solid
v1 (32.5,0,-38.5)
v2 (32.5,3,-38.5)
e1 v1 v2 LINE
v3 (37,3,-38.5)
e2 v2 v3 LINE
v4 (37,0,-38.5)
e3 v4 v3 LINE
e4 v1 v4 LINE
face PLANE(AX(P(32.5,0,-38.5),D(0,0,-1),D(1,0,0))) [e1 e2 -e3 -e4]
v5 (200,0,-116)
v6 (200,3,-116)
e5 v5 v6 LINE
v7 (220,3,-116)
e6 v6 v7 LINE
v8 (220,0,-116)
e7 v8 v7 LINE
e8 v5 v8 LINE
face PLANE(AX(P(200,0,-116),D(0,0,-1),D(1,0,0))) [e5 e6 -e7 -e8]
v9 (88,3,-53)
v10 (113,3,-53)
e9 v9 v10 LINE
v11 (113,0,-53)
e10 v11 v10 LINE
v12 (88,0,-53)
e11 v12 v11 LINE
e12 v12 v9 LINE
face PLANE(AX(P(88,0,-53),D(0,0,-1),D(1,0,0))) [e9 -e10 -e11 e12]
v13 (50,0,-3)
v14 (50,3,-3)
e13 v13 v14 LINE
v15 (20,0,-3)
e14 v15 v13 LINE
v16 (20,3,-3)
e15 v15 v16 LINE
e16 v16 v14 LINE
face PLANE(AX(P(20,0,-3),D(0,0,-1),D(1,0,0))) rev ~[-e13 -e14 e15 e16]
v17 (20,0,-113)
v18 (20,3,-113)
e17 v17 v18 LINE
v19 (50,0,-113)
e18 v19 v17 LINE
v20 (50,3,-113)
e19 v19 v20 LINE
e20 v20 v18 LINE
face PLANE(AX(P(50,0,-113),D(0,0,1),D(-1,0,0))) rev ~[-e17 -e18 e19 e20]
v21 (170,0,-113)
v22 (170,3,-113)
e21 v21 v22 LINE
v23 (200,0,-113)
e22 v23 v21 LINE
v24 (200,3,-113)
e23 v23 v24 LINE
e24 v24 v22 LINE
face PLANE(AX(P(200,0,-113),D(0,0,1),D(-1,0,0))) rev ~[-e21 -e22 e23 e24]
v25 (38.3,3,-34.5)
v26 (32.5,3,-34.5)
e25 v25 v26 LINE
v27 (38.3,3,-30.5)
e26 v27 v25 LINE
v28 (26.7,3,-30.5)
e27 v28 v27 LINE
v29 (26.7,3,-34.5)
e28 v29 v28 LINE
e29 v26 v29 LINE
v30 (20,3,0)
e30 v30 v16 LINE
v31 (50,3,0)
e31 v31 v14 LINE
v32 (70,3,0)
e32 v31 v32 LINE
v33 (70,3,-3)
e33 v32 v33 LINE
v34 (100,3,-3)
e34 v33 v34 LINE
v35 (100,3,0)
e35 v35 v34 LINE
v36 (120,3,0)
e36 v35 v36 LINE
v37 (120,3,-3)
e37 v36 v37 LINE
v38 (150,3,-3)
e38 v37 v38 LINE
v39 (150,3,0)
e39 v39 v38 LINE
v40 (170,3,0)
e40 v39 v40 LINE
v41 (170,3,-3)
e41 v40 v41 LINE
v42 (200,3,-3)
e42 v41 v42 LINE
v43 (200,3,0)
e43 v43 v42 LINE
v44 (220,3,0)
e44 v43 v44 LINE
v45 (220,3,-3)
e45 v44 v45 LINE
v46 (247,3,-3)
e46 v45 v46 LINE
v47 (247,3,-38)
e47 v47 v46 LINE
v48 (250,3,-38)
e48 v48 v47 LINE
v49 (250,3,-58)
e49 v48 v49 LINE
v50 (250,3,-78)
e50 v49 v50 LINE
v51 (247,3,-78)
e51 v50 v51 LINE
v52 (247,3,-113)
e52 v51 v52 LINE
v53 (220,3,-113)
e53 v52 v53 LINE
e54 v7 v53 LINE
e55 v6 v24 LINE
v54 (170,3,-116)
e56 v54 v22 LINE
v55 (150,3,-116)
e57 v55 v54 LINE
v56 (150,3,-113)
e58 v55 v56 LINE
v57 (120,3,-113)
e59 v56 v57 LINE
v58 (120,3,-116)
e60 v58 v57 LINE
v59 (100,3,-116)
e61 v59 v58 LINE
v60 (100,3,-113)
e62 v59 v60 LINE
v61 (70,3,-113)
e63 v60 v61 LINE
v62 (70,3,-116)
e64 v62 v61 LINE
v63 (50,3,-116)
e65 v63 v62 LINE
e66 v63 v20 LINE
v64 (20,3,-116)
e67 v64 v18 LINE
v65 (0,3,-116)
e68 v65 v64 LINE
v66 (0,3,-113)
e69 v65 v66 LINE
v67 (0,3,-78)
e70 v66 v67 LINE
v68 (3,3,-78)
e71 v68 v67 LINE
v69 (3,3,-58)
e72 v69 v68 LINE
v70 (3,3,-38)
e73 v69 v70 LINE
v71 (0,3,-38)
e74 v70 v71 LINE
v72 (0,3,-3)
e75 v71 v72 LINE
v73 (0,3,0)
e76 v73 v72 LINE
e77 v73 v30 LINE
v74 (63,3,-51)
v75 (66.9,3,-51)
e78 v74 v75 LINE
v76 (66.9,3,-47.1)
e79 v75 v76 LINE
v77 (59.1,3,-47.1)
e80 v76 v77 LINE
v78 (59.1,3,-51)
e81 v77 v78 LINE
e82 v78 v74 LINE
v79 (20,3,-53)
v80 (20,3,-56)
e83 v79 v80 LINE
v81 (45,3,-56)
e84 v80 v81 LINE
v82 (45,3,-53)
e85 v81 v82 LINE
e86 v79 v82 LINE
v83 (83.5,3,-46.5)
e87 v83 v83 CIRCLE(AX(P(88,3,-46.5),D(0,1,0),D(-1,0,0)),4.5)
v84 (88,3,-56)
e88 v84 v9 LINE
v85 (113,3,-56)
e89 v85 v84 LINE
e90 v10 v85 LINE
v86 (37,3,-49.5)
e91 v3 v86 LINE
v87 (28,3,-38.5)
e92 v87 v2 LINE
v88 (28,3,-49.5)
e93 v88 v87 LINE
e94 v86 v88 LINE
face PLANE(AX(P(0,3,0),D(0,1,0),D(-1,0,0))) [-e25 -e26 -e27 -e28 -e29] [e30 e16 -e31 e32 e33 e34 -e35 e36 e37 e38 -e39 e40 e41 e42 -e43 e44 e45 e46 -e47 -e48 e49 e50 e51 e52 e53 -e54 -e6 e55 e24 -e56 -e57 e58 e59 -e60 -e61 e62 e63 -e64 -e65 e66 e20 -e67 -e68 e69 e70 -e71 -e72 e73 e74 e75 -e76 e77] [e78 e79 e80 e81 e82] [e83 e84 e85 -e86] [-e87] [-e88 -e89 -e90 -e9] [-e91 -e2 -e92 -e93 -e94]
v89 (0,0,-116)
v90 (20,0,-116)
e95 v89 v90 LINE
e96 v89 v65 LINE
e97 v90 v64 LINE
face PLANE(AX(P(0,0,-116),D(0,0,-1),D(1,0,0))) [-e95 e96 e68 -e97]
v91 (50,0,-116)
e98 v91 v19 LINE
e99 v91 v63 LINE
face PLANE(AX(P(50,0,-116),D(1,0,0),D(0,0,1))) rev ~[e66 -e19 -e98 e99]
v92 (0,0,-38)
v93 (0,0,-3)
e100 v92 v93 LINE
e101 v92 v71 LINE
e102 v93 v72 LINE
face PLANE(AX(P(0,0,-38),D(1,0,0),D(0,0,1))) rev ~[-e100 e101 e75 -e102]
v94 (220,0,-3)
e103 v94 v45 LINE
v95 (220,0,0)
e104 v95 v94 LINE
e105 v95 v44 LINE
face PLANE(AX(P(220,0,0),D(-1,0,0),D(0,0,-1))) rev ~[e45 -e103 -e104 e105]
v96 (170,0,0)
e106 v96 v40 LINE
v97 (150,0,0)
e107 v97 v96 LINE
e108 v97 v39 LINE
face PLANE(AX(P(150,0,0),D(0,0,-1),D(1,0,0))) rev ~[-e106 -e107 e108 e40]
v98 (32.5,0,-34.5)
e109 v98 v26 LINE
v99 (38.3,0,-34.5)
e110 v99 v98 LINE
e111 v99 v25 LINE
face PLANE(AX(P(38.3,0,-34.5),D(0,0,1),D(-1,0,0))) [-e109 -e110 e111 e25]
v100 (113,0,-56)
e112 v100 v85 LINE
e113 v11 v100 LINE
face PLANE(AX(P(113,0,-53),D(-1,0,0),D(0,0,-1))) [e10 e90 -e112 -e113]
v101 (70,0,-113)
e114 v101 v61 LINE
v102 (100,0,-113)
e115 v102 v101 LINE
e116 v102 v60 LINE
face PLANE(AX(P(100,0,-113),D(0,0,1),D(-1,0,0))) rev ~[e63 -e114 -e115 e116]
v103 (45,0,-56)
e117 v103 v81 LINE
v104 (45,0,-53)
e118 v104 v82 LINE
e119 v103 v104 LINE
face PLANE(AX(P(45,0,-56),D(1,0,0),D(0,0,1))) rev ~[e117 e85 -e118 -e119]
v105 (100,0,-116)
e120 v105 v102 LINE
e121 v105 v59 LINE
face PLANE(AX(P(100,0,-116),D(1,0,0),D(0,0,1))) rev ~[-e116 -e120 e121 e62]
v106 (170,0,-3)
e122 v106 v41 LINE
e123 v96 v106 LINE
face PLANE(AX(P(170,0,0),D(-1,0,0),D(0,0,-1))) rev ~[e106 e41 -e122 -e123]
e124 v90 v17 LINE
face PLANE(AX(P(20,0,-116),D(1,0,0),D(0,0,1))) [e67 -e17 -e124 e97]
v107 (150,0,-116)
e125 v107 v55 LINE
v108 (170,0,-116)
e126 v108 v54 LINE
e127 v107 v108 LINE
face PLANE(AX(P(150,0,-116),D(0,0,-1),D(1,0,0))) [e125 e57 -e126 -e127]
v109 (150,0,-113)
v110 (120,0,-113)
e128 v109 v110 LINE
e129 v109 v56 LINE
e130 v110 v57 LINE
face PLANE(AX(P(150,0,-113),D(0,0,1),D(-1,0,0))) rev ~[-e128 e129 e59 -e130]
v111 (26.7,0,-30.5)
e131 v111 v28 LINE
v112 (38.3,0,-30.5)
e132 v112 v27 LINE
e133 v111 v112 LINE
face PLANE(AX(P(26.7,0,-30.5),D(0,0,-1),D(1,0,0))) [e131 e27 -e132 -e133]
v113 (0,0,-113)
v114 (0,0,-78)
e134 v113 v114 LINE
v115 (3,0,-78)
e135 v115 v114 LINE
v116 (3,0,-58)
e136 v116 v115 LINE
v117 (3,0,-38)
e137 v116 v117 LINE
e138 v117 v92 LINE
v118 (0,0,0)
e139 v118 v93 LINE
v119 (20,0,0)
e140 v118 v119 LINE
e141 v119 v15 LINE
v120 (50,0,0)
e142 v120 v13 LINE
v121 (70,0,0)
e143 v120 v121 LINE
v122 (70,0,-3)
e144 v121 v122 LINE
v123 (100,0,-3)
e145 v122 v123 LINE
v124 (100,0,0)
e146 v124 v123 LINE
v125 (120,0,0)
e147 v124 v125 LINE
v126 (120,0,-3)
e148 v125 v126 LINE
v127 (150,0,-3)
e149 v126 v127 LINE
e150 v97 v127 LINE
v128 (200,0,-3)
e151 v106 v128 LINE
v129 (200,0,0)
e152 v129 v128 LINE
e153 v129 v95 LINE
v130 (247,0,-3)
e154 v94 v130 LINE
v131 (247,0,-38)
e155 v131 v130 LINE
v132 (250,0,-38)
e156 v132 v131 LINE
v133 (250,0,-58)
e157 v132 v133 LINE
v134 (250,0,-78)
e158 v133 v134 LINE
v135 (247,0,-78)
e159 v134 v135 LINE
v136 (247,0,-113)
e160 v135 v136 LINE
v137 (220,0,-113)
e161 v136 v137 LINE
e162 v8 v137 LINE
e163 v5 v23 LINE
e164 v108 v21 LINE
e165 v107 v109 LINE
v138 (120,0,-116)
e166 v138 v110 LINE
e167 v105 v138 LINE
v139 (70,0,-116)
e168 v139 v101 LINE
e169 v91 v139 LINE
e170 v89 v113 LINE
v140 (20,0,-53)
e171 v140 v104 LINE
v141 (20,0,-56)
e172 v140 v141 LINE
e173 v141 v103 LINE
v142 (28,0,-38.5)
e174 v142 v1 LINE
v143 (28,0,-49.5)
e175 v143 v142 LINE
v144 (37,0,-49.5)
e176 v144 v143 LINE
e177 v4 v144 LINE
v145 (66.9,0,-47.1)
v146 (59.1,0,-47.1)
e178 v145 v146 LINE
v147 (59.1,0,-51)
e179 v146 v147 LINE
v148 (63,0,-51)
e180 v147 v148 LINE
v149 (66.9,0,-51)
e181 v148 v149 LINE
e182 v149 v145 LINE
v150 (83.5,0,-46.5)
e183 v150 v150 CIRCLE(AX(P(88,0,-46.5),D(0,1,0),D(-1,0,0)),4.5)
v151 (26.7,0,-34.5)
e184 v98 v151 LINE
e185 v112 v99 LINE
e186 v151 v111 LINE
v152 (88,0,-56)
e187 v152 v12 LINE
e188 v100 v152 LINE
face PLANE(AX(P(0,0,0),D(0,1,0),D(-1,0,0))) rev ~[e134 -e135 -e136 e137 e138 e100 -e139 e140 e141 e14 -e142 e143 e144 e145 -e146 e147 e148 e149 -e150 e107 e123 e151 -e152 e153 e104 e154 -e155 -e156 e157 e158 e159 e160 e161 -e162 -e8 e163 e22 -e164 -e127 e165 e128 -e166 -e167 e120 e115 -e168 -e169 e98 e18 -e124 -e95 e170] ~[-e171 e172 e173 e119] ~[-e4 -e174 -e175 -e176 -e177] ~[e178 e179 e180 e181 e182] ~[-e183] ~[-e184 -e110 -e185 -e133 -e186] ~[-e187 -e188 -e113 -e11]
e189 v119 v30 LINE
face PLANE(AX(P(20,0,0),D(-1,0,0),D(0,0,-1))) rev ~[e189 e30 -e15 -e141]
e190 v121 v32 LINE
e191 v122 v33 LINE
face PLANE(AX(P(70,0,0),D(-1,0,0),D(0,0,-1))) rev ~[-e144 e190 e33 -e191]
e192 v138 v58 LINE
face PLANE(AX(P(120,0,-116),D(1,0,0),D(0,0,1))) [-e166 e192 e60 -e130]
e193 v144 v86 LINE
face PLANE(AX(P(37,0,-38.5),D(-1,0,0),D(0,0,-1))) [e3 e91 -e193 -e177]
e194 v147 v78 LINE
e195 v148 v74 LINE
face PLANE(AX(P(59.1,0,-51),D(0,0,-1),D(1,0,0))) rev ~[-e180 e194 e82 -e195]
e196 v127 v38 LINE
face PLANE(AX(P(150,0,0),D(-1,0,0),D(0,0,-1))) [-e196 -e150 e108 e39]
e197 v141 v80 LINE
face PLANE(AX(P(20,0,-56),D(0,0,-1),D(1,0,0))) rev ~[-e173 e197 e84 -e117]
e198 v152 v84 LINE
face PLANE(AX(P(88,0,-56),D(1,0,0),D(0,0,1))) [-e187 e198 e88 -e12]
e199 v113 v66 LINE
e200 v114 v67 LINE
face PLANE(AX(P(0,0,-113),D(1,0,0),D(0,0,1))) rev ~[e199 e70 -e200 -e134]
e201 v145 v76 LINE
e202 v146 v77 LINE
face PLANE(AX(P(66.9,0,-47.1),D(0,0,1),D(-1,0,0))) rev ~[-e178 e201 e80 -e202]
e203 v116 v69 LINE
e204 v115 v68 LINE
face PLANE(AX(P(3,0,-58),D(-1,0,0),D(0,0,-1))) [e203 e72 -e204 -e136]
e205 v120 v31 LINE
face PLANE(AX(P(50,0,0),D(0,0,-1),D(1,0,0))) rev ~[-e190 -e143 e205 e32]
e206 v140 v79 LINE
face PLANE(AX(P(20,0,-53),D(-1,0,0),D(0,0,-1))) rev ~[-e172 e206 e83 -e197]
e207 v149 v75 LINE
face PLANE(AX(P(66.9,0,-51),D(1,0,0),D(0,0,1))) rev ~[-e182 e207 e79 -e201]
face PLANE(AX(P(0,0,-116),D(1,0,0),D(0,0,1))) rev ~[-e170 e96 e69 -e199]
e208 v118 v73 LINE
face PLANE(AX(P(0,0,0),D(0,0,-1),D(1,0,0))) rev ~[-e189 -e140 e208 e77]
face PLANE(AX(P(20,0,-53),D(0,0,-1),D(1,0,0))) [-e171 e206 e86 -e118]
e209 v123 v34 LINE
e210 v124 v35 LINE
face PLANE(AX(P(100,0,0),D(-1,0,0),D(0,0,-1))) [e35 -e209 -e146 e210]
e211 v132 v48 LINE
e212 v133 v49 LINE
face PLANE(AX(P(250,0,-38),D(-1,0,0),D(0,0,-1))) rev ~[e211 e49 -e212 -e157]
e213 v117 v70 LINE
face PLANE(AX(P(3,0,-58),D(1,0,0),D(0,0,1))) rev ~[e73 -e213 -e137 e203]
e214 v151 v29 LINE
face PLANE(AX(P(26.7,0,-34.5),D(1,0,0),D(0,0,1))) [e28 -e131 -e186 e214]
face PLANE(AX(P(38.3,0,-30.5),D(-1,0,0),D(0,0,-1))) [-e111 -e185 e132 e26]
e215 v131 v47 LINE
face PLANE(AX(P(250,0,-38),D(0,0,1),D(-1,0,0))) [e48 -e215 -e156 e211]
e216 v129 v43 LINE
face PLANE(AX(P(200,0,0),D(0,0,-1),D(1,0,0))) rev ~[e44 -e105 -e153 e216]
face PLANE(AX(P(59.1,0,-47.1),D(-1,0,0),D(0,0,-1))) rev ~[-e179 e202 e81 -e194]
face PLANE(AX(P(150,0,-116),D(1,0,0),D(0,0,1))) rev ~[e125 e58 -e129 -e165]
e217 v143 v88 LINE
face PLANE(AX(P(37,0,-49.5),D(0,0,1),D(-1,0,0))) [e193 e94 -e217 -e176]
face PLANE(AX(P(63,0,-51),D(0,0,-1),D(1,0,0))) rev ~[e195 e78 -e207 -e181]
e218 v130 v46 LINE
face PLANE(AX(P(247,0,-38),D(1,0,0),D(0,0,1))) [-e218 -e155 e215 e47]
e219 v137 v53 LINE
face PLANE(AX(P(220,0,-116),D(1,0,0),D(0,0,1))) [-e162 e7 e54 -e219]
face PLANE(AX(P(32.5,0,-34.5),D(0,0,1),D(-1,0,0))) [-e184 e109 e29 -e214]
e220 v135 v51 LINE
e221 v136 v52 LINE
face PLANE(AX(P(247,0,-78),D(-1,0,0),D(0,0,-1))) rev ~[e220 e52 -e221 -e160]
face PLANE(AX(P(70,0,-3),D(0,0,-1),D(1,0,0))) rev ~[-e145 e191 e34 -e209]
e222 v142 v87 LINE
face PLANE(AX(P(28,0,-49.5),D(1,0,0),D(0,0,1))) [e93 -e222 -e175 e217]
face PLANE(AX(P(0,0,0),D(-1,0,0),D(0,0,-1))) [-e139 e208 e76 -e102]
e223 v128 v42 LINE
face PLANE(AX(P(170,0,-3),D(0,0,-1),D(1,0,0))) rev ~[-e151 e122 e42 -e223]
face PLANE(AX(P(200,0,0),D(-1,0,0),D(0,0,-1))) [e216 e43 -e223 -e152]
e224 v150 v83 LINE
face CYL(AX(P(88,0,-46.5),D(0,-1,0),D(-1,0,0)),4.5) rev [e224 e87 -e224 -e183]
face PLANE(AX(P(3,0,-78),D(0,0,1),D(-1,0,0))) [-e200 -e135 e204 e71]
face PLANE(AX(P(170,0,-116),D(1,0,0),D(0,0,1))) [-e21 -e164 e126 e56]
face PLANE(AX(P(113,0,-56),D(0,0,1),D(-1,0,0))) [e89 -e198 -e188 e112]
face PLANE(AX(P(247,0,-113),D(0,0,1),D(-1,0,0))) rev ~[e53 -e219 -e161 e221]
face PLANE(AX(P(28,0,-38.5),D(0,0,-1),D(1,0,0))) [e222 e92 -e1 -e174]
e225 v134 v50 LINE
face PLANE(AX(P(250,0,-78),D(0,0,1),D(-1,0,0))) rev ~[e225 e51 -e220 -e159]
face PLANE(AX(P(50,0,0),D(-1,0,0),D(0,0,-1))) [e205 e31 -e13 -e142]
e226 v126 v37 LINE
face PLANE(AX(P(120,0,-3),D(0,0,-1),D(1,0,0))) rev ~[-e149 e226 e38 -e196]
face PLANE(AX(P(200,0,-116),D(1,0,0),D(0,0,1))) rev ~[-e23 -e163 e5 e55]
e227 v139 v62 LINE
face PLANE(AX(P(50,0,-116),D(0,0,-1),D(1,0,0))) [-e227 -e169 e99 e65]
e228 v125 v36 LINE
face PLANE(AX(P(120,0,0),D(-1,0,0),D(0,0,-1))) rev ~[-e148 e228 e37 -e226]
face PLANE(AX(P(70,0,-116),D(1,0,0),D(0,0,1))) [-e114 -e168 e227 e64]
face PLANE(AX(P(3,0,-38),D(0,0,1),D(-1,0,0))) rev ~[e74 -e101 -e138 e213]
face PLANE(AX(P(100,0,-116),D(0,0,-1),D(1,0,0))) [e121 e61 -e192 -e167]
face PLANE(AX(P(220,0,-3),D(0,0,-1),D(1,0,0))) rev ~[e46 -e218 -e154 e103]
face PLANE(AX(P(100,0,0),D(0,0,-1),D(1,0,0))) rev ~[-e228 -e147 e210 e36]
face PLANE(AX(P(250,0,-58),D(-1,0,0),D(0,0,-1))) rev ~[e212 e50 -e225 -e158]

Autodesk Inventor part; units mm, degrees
ref_plane "YZ Plane" through (0, 0, 0) normal (1, 0, 0) x (0, 1, 0)
ref_plane "XZ Plane" through (0, 0, 0) normal (0, 1, 0) x (-1, 0, 0)
ref_plane "XY Plane" through (0, 0, 0) normal (0, 0, 1) x (1, 0, 0)
sketch "Sketch1" plane through (0, 0, 0) normal (0, 1, 0) x (-1, 0, 0)
  line L0 (0, 0) -> (0, -3)
  line L1 (-250, -38) -> (-250, -78)
  line L2 (0, 0) -> (-20, 0)
  line L3 (-50, 0) -> (-50, -3)
  line L4 (-50, 0) -> (-70, 0)
  line L5 (-70, 0) -> (-70, -3)
  line L6 (-100, 0) -> (-100, -3)
  line L7 (-100, 0) -> (-120, 0)
  line L8 (-120, 0) -> (-120, -3)
  line L9 (-150, 0) -> (-150, -3)
  line L10 (-150, 0) -> (-170, 0)
  line L11 (-170, 0) -> (-170, -3)
  line L12 (-200, 0) -> (-200, -3)
  line L13 (-200, 0) -> (-220, 0)
  line L14 (-220, 0) -> (-220, -3)
  line L15 (-20, 0) -> (-20, -3)
  line L16 (-250, -58) -> (-250, -78)
  line L17 (-250, -78) -> (-247, -78)
  line L18 (-247, -78) -> (-247, -113)
  line L19 (-250, -58) -> (-250, -38)
  line L20 (-250, -38) -> (-247, -38)
  line L21 (-247, -38) -> (-247, -3)
  line L22 (-220, -3) -> (-247, -3)
  line L23 (-170, -3) -> (-200, -3)
  line L24 (-120, -3) -> (-150, -3)
  line L25 (-20, -3) -> (-50, -3)
  line L26 (-70, -3) -> (-100, -3)
  line L27 (0, -116) -> (0, -113)
  line L28 (0, -116) -> (-20, -116)
  line L29 (-50, -116) -> (-50, -113)
  line L30 (-50, -116) -> (-70, -116)
  line L31 (-70, -116) -> (-70, -113)
  line L32 (-100, -116) -> (-100, -113)
  line L33 (-100, -116) -> (-120, -116)
  line L34 (-120, -116) -> (-120, -113)
  line L35 (-150, -116) -> (-150, -113)
  line L36 (-150, -116) -> (-170, -116)
  line L37 (-170, -116) -> (-170, -113)
  line L38 (-200, -116) -> (-200, -113)
  line L39 (-200, -116) -> (-220, -116)
  line L40 (-220, -116) -> (-220, -113)
  line L41 (-20, -116) -> (-20, -113)
  line L42 (-3, -58) -> (-3, -78)
  line L43 (-3, -78) -> (0, -78)
  line L44 (-3, -58) -> (-3, -38)
  line L45 (-3, -38) -> (0, -38)
  line L46 (0, -113) -> (0, -78)
  line L47 (0, -38) -> (0, -3)
  line L48 (-50, -113) -> (-20, -113)
  line L49 (-100, -113) -> (-70, -113)
  line L50 (-150, -113) -> (-120, -113)
  line L51 (-247, -113) -> (-220, -113)
  line L52 (-200, -113) -> (-170, -113)
  line L53 (-20, -53) -> (-20, -56)
  line L54 (-20, -56) -> (-45, -56)
  line L55 (-45, -56) -> (-45, -53)
  line L56 (-113, -53) -> (-113, -56)
  line L57 (-113, -56) -> (-88, -56)
  line L58 (-88, -56) -> (-88, -53)
  line L59 (-20, -53) -> (-45, -53)
  line L60 (-88, -53) -> (-113, -53)
  line L61 (-63, -51) -> (-66.9, -51)
  line L62 (-66.9, -51) -> (-66.9, -47.1)
  line L63 (-66.9, -47.1) -> (-59.1, -47.1)
  line L64 (-59.1, -47.1) -> (-59.1, -51)
  line L65 (-59.1, -51) -> (-63, -51)
  circle A0 centre (-88, -46.5) radius 4.5
  line L66 (-37, -49.5) -> (-28, -49.5)
  line L67 (-28, -49.5) -> (-28, -38.5)
  line L68 (-28, -38.5) -> (-37, -38.5)
  line L69 (-37, -38.5) -> (-37, -49.5)
  line L70 (-32.5, -38.5) -> (-32.5, -38)
  line L71 (-32.5, -34.5) -> (-26.7, -34.5)
  line L72 (-26.7, -34.5) -> (-26.7, -30.5)
  line L73 (-26.7, -30.5) -> (-38.3, -30.5)
  line L74 (-38.3, -30.5) -> (-38.3, -34.5)
  line L75 (-38.3, -34.5) -> (-32.5, -34.5)
  dimension "d2" = 110
  dimension "d3" = 20
  dimension "d4" = 20
  dimension "d5" = 20
  dimension "d7" = 20
  dimension "d8" = 20
  dimension "d9" = 20
  dimension "d10" = 3
  dimension "d11" = 20
  dimension "d12" = 3
  dimension "d13" = 250
  dimension "d14" = 30
  dimension "d15" = 30
  dimension "d16" = 30
  dimension "d17" = 30
  dimension "d25" = 25
  dimension "d26" = 25
  dimension "d27" = 17
  dimension "d29" = 110
  dimension "d30" = 43
  dimension "d31" = 57
  dimension "d32" = 3
  dimension "d37" = 3.9
  dimension "d38" = 7.8
  dimension "d39" = 60
  dimension "d40" = 2
  dimension "d44" = 9
  dimension "d46" = 78
  dimension "d47" = 3
  dimension "d48" = 6.5
  dimension "d49" = 3
  dimension "d50" = 3
  dimension "d51" = 11
  dimension "d52" = 53
  dimension "d53" = 2
  dimension "d55" = 3.5
  dimension "d57" = 8
  dimension "d58" = 25
  dimension "d60" = 4
  dimension "d62" = 4
  dimension "d63" = 11.6
  dimension "d64" = 9
extrude "Extrusion3" add sketch "Sketch1" along normal blind 3
properties part number "latPort"
